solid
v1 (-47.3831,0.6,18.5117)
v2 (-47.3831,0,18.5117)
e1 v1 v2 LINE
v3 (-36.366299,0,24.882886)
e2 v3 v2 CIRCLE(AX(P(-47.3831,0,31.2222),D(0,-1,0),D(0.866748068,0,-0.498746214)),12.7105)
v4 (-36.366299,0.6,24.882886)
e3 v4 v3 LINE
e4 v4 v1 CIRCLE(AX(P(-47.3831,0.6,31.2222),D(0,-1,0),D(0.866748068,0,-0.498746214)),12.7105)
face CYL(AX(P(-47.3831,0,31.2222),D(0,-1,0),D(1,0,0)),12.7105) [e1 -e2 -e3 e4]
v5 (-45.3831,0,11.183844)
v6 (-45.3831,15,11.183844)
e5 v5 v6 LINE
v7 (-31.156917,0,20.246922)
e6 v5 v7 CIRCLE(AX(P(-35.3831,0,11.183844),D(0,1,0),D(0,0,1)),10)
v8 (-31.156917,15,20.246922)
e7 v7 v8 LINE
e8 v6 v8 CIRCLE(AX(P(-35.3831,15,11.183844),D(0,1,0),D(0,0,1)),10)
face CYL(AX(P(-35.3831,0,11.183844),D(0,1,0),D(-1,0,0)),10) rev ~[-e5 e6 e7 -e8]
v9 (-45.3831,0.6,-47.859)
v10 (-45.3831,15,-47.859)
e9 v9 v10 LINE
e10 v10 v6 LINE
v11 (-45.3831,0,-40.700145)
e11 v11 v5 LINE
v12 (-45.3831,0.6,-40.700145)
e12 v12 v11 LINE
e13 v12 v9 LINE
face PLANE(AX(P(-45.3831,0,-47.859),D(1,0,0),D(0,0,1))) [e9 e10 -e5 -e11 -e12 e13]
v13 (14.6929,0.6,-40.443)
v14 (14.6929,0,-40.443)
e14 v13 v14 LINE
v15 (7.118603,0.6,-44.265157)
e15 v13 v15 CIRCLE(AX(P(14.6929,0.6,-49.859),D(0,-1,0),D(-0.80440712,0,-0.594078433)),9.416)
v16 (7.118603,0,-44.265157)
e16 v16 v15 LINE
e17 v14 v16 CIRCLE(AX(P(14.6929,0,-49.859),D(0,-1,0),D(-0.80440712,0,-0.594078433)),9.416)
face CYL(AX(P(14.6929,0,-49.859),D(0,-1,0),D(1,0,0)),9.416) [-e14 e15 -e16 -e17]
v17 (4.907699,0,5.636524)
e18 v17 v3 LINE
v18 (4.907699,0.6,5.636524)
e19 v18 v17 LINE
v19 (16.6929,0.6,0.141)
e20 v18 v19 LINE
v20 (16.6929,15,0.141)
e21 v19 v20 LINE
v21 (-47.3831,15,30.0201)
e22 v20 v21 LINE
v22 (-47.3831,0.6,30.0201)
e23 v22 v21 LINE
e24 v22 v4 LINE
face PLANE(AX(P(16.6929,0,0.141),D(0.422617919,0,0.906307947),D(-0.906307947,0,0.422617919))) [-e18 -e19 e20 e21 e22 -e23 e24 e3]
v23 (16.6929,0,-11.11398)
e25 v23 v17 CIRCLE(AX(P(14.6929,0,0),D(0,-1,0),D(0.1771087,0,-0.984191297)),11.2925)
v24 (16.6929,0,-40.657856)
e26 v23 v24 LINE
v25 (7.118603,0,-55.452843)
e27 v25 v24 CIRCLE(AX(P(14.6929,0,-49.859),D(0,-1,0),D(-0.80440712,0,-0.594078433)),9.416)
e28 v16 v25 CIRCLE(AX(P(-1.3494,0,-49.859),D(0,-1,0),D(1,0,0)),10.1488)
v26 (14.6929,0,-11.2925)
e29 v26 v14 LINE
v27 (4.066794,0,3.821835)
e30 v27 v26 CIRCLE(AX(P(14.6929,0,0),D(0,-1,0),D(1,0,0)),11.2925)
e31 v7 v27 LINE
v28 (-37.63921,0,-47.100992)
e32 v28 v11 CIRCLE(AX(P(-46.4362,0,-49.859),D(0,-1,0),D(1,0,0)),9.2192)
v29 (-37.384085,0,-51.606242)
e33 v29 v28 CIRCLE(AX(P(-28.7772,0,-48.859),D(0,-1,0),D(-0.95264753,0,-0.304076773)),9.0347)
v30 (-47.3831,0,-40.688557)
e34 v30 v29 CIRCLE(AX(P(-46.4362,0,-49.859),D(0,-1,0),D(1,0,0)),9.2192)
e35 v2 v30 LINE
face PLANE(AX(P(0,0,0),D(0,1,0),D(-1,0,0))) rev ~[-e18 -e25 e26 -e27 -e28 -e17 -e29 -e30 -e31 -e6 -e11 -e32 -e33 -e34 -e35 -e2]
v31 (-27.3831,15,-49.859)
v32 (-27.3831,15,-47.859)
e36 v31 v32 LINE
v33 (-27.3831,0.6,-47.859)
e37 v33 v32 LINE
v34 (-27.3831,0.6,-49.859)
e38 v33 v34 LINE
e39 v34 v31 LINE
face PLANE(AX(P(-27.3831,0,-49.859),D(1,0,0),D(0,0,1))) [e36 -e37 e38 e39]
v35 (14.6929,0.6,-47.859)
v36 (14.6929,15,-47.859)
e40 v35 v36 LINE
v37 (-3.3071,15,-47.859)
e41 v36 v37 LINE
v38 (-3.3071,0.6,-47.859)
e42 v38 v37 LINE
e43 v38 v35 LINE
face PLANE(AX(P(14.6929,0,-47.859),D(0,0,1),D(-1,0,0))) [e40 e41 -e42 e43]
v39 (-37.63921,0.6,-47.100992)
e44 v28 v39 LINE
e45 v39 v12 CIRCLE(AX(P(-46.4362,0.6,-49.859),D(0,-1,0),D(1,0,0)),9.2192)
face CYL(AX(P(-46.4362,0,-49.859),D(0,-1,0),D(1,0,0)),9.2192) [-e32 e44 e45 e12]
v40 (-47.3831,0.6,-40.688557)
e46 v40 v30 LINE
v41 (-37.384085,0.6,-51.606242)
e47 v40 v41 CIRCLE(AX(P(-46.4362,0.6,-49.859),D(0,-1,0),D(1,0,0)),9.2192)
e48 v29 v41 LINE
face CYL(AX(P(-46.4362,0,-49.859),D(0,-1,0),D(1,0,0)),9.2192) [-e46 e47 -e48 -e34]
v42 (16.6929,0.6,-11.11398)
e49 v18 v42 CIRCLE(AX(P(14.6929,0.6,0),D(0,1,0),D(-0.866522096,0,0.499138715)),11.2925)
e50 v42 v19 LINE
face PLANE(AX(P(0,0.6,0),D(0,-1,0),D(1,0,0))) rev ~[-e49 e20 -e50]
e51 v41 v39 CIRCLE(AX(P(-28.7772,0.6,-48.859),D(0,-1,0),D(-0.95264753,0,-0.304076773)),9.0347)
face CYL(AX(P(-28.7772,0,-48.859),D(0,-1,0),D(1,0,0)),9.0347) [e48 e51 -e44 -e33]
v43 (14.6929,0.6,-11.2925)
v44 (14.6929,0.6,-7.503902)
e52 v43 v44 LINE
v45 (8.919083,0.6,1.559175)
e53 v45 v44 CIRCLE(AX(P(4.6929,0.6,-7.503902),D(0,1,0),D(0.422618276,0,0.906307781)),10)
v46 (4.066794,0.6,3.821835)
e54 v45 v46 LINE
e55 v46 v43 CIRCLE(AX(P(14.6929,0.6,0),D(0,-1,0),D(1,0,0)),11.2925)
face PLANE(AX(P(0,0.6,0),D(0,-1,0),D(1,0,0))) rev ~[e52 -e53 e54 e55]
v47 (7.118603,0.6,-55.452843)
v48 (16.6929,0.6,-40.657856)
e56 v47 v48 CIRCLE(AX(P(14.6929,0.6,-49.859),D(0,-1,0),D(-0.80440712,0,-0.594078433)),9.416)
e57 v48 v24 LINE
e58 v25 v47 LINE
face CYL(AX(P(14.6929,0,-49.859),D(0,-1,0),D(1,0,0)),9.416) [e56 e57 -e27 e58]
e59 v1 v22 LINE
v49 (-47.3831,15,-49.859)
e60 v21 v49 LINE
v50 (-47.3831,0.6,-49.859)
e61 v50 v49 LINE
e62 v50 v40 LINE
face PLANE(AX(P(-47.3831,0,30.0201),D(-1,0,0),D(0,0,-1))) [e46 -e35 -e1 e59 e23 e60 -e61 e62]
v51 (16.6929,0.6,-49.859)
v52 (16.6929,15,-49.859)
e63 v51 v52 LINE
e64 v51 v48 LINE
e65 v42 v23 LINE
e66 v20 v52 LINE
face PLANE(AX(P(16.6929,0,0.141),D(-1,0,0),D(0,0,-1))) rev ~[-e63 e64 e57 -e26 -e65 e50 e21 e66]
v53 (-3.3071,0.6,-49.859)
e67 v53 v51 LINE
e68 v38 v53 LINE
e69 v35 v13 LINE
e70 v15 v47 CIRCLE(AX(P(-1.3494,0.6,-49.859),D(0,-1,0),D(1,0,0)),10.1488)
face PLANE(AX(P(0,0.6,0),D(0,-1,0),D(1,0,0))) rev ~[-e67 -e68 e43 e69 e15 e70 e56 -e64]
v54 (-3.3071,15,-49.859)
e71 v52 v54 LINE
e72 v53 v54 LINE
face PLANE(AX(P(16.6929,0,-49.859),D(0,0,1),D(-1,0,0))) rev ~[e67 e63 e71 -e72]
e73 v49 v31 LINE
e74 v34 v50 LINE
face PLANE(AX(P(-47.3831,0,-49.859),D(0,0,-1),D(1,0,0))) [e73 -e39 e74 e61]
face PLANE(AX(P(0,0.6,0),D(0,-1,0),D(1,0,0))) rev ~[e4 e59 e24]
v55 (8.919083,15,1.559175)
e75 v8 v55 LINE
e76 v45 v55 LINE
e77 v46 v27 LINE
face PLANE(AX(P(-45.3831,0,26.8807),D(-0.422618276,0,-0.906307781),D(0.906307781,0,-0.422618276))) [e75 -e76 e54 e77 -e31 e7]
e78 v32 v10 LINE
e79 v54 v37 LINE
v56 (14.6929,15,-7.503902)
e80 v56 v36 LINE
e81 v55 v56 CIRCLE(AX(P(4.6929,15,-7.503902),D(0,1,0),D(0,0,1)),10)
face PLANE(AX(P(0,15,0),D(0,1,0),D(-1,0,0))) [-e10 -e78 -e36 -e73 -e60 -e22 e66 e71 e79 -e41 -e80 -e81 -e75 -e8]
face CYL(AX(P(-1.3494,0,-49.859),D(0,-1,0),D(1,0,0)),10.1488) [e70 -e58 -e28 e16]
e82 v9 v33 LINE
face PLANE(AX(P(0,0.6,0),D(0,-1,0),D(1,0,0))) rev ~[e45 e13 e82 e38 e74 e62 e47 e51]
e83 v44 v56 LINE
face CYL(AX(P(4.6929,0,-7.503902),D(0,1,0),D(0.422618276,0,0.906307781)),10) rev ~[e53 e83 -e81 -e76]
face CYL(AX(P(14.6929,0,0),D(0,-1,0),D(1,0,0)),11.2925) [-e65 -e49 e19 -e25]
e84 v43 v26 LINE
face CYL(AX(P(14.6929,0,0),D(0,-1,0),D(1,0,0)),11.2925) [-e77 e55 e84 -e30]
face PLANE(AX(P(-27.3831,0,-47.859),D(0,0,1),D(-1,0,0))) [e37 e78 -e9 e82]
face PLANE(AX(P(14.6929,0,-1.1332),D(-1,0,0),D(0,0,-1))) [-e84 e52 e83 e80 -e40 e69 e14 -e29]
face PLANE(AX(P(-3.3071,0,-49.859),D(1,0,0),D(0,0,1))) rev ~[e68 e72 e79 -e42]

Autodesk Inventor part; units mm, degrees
ref_plane "YZ Plane" through (0, 0, 0) normal (1, 0, 0) x (0, 1, 0)
ref_plane "XZ Plane" through (0, 0, 0) normal (0, 1, 0) x (-1, 0, 0)
ref_plane "XY Plane" through (0, 0, 0) normal (0, 0, 1) x (1, 0, 0)
sketch "Sketch1" plane through (0, 0, 0) normal (0, 1, 0) x (-1, 0, 0)
  line L0 (-16.6929, 0.141) -> (47.3831, 30.0201)
  line L1 (-16.6929, 0.141) -> (62.5092, 0.141) construction
  line L2 (-16.6929, 0.141) -> (-16.6929, -49.859)
  line L3 (47.3831, 30.0201) -> (47.3831, -49.859)
  line L4 (-16.6929, -49.859) -> (3.3071, -49.859)
  line L5 (47.3831, -49.859) -> (27.3831, -49.859)
  line L6 (27.3831, -47.859) -> (45.3831, -47.859)
  line L7 (45.3831, -47.859) -> (45.3831, 26.8807)
  line L8 (45.3831, 26.8807) -> (-14.6929, -1.1332)
  line L9 (-14.6929, -1.1332) -> (-14.6929, -47.859)
  line L10 (-14.6929, -47.859) -> (3.3071, -47.859)
  line L11 (3.3071, -49.859) -> (3.3071, -47.859)
  line L12 (27.3831, -49.859) -> (27.3831, -47.859)
  point P0 (0, 0)
  dimension "d0" = 70.7
  dimension "d1" = 25
  dimension "d2" = 50
  dimension "d3" = 20
  dimension "d5" = 20
  dimension "d6" = 2
  dimension "d7" = 2
extrude "Extrusion1" add sketch "Sketch1" along normal blind 15
fillet "Fillet1" radius 10 2 edges at (-45.3831, 7.5, 26.8807) (14.6929, 7.5, -1.1332)
sketch "Sketch2" plane through (0, 0, 0) normal (0, -1, 0) x (1, 0, 0)
  line L0 (-47.3831, -49.859) -> (-27.3831, -49.859) projected
  line L1 (-3.3071, -49.859) -> (16.6929, -49.859) projected
  circle A0 centre (-47.3831, 31.2222) radius 12.7105
  circle A1 centre (14.6929, 0) radius 11.2925
  circle A2 centre (-46.4362, -49.859) radius 9.2192
  circle A3 centre (-28.7772, -48.859) radius 9.0347
  circle A4 centre (-1.3494, -49.859) radius 10.1488
  circle A5 centre (14.6929, -49.859) radius 9.416
  point P0 (0, 0)
extrude "Extrusion2" add sketch "Sketch2" against normal blind 0.6
properties part number "Stand"
